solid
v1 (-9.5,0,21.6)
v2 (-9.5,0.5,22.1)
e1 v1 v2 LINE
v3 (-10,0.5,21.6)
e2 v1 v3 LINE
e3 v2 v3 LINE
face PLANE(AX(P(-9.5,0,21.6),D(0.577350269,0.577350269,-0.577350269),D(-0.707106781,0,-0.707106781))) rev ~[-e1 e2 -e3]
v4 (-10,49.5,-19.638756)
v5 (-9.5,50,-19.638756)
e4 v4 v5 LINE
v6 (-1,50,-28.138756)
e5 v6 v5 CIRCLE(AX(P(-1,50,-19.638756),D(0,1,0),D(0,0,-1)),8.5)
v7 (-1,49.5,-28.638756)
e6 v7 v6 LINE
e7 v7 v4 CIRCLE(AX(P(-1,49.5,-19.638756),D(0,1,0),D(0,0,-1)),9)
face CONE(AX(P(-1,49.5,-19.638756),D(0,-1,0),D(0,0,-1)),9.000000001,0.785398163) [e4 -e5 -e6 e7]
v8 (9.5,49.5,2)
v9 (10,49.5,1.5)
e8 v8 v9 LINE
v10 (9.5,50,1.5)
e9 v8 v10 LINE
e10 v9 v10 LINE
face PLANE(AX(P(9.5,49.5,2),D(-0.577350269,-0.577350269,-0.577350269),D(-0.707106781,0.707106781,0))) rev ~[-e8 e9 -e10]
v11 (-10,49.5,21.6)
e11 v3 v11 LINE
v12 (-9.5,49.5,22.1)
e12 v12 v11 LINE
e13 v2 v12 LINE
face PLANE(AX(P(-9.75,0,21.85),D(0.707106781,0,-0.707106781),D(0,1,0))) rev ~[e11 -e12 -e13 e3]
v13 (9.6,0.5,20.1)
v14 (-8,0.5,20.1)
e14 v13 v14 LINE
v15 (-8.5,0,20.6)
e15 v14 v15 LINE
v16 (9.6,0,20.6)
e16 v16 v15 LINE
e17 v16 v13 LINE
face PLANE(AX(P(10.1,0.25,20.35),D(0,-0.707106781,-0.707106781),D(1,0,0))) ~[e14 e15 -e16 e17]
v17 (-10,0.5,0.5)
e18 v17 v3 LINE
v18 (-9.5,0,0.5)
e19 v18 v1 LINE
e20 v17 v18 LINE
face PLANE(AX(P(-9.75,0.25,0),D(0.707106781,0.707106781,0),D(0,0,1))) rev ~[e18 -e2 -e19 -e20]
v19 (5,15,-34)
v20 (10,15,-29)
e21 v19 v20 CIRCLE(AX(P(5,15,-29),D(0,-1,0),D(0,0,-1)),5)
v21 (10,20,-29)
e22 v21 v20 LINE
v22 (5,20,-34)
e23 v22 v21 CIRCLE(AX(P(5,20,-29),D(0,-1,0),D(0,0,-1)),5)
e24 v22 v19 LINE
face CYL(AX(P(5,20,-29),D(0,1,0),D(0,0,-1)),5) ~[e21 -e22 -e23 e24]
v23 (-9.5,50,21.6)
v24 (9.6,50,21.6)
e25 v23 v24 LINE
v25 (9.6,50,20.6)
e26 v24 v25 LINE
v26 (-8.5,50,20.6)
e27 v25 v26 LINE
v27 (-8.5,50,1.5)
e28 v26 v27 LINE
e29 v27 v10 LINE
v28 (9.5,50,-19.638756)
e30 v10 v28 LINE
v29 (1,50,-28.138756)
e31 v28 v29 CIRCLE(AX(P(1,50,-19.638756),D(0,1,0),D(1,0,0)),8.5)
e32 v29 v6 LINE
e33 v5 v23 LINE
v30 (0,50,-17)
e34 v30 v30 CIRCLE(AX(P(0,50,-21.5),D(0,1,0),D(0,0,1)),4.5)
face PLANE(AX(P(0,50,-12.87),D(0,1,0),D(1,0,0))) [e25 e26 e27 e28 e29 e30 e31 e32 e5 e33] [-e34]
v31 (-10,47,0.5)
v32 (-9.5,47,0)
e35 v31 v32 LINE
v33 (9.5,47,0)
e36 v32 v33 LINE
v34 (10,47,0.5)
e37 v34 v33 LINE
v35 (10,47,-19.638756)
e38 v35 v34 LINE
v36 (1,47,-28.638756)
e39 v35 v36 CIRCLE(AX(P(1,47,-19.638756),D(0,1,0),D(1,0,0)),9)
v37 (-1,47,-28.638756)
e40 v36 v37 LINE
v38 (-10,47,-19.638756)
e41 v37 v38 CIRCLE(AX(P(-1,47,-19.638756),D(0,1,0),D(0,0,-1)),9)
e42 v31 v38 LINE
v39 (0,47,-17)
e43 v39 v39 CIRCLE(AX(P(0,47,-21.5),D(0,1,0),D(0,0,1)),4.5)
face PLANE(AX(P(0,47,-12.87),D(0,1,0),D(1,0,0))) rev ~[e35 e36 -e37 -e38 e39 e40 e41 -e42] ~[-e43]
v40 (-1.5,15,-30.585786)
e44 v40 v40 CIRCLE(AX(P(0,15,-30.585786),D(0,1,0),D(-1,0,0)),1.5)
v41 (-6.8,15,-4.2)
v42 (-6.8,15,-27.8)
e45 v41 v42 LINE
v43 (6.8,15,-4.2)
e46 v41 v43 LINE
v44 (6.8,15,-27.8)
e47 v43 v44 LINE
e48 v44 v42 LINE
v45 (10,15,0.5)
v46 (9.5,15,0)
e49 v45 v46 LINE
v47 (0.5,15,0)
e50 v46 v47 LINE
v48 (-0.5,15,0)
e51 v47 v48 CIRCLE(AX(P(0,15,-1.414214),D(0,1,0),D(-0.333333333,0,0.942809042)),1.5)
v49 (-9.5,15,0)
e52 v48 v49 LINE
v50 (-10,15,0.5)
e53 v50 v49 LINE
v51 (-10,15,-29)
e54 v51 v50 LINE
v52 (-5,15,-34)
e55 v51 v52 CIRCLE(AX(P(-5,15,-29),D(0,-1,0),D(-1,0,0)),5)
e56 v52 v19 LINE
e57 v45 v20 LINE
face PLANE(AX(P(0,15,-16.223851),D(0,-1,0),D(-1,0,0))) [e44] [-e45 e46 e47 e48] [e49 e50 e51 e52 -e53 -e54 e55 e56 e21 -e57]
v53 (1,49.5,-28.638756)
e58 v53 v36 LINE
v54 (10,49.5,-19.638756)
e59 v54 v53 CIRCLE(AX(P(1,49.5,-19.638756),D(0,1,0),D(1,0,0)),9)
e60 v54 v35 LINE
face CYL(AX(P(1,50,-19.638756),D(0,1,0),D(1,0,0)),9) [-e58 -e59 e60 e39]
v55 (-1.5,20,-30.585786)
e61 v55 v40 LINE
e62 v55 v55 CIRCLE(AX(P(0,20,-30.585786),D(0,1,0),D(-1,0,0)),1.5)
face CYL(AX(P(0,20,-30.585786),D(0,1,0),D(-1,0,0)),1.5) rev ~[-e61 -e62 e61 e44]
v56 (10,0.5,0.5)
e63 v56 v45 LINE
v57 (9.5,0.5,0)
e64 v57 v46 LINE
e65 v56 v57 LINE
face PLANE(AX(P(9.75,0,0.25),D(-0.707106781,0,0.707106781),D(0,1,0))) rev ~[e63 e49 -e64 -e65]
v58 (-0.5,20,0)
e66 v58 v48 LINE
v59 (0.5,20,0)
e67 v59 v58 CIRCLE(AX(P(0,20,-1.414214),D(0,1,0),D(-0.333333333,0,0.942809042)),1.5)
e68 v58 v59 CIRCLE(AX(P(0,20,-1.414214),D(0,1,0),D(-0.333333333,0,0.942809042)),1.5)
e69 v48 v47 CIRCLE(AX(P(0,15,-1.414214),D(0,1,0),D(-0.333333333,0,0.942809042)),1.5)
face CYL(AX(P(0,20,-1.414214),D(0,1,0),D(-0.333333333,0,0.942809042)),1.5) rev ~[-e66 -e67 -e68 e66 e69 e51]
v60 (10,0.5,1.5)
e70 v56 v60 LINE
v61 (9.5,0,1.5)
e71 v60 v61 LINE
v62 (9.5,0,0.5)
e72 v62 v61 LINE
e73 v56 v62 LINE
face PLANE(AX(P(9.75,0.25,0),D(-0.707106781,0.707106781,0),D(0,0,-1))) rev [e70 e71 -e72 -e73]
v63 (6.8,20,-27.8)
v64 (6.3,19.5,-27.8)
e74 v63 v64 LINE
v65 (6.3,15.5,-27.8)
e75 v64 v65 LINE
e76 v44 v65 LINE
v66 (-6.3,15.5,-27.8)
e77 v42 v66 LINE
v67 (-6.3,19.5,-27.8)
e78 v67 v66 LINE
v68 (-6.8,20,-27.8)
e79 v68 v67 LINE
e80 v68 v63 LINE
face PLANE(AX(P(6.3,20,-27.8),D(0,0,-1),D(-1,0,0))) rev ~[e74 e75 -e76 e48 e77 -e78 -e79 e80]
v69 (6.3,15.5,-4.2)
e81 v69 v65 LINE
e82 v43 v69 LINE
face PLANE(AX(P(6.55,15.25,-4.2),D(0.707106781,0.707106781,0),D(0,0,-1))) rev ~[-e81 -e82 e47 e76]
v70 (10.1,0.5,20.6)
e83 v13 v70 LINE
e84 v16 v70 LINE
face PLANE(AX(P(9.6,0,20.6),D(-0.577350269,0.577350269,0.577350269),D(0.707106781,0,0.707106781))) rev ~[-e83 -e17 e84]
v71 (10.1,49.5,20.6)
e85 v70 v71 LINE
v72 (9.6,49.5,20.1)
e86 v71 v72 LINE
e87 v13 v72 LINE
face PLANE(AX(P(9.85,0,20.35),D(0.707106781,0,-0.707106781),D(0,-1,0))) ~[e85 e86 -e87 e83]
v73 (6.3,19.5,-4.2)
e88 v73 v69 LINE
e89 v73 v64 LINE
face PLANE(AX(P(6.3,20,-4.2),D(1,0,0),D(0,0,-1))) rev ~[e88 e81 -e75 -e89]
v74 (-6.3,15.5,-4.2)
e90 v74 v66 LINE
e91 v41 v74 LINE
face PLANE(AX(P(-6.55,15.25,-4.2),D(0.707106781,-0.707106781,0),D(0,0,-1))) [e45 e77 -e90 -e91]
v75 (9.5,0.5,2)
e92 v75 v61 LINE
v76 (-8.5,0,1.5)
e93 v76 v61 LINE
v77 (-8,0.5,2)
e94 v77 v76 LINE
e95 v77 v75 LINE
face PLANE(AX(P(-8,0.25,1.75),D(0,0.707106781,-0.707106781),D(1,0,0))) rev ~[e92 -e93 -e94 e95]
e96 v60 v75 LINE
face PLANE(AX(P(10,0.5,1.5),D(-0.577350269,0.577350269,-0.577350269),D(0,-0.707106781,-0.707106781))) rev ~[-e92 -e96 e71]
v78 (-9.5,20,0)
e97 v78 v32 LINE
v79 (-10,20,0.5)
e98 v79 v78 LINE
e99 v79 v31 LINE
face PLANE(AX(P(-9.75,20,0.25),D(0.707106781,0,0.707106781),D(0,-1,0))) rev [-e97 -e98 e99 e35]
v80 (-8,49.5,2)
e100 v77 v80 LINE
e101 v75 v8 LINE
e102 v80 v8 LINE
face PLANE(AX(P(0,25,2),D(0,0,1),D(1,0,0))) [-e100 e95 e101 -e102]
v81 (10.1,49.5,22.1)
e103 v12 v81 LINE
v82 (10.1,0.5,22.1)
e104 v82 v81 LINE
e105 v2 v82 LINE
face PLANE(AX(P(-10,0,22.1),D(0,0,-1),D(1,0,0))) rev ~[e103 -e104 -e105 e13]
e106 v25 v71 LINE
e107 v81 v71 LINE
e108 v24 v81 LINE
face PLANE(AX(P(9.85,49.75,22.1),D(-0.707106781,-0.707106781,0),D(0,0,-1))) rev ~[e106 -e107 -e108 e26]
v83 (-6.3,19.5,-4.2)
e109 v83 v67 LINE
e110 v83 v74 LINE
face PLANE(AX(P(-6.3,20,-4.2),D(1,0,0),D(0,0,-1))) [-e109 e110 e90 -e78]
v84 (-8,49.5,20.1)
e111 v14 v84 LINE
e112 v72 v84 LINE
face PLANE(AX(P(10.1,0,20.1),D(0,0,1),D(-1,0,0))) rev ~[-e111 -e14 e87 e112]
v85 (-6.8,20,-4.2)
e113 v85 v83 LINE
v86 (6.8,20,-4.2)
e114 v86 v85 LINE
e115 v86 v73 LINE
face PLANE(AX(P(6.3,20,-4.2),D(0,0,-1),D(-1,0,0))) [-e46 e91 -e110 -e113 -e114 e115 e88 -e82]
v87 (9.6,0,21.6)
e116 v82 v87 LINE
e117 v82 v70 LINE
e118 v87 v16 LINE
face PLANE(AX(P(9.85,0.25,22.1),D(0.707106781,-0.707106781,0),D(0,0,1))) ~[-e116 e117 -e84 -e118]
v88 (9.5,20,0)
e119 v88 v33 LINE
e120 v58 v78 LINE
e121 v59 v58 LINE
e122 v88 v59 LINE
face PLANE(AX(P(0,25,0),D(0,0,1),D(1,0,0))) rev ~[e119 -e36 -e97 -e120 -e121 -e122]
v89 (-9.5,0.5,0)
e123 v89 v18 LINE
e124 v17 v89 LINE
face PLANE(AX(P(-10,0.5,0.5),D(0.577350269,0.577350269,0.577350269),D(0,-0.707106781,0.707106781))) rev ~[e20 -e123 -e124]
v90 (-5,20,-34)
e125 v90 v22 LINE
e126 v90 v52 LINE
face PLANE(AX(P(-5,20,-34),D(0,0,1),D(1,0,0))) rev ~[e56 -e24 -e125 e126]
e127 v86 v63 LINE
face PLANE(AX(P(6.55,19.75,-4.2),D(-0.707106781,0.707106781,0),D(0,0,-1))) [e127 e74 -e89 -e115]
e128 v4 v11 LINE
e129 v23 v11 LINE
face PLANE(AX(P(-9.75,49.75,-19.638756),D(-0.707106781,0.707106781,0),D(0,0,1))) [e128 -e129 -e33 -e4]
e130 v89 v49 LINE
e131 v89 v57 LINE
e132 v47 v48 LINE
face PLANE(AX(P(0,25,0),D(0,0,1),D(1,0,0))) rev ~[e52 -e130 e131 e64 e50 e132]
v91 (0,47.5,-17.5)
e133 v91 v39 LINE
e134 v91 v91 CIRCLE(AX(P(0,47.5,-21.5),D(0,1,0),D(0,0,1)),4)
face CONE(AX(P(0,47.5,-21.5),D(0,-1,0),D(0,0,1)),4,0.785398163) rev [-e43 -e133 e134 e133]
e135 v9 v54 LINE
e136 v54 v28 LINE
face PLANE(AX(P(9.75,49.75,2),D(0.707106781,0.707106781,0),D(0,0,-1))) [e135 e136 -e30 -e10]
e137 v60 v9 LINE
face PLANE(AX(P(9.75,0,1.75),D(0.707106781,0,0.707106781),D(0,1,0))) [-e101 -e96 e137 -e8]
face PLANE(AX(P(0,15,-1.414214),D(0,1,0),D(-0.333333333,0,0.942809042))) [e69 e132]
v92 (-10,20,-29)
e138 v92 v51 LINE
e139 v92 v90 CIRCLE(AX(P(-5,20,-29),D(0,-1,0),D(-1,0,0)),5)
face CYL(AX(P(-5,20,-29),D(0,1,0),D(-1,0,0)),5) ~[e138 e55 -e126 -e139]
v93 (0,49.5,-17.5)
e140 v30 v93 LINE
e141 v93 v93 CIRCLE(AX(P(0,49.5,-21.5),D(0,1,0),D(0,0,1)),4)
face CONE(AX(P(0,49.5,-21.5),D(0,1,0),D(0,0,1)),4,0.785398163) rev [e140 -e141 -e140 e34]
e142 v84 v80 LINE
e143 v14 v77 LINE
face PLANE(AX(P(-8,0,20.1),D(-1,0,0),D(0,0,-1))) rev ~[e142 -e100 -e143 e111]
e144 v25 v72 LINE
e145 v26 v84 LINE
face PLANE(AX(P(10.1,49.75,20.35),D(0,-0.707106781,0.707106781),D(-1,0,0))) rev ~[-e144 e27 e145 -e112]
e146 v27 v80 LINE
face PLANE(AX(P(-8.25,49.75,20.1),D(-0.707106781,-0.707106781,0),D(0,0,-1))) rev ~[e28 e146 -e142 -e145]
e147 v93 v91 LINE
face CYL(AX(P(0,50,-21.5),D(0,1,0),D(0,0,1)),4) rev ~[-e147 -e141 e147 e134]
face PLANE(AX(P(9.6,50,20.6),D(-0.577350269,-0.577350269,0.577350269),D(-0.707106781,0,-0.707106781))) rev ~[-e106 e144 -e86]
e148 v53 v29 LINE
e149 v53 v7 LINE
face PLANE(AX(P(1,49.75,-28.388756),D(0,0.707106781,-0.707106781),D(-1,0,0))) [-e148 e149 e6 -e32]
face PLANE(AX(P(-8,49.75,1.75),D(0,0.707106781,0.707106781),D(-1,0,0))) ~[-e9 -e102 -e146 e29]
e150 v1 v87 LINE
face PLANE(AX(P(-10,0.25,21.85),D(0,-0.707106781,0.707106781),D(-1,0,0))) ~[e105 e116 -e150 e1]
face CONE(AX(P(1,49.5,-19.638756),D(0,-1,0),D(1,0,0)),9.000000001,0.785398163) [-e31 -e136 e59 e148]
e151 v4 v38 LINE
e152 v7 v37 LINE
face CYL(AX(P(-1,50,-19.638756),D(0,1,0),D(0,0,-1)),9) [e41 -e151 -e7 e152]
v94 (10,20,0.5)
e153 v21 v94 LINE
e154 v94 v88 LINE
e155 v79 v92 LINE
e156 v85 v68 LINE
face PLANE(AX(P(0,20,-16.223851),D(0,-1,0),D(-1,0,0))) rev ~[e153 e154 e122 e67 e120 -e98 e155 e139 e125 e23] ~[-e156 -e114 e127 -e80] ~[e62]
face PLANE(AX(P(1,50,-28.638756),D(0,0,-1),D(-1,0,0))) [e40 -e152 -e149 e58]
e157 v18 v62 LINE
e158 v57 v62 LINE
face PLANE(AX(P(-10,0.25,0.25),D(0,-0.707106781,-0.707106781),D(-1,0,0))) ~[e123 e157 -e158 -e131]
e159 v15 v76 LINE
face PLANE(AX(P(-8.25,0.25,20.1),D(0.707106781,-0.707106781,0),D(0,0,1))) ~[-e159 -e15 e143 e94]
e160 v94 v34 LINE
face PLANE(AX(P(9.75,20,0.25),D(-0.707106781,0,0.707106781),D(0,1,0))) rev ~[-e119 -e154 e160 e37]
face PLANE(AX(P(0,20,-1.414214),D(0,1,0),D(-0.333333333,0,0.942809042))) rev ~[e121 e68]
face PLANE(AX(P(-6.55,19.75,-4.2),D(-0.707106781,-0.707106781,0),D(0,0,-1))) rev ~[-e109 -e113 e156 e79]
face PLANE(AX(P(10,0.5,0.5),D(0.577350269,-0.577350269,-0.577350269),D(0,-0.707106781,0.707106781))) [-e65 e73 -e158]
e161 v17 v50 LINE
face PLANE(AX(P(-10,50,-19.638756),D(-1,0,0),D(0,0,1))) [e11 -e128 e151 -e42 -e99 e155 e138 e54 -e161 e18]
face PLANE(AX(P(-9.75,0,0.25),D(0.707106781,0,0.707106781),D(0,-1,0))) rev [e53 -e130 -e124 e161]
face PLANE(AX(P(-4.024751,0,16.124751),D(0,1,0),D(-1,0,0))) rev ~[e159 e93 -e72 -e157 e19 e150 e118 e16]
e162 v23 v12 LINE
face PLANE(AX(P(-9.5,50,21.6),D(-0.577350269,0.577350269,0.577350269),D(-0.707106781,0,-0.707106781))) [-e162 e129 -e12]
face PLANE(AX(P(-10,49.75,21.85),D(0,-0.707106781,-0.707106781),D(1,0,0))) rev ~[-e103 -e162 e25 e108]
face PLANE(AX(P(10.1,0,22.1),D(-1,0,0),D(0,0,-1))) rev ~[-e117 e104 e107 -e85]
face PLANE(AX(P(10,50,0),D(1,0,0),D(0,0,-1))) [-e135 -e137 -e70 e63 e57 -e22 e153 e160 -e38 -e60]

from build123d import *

# Parameters (mm, degrees)
SKETCH1_W           = 20
SKETCH1_H           = 50
BOSS_EXTRUDE1_DEPTH = 2
BOSS_EXTRUDE2_DEPTH = 50
SKETCH3_R           = 4
BOSS_EXTRUDE3_DEPTH = 3
SKETCH4_W           = 12.6
SKETCH4_H           = 23.6
BOSS_EXTRUDE4_DEPTH = 5
CHAMFER1_SIZE       = 0.5
CHAMFER2_SIZE       = 0.5
SKETCH5_R           = 1.5
CUT_EXTRUDE1_DEPTH  = 5


with BuildPart() as part:
    # Sketch1 → Boss-Extrude1 (new body)
    with BuildSketch(Plane.XY):
        with Locations((0, 25)):
            Rectangle(SKETCH1_W, SKETCH1_H)
    extrude(amount=BOSS_EXTRUDE1_DEPTH)

    # Sketch2 → Boss-Extrude2 (add)
    with BuildSketch(Plane.XZ):
        Polygon((-10, 2), (-10, 22.1), (10.1, 22.1), (10.1, 20.1), (-8, 20.1), (-8, 2), align=None)
    extrude(amount=-BOSS_EXTRUDE2_DEPTH)

    # Sketch3 → Boss-Extrude3 (add)
    with BuildSketch(Plane(origin=(0, 50, 0), x_dir=(1, 0, 0), z_dir=(0, 1, 0))):
        with BuildLine():
            Line((1, 28.638755942), (-1, 28.638755942))
            ThreePointArc((-1, 28.638755942), (-7.363961031, 26.002716972), (-10, 19.638755942))
            Line((-10, 19.638755942), (-10, 0))
            Line((-10, 0), (10, 0))
            Line((10, 0), (10, 19.638755942))
            ThreePointArc((10, 19.638755942), (7.363961031, 26.002716972), (1, 28.638755942))
        make_face()
        with Locations(Location((0, 21.5, 0), (0, 0, 270))):
            Circle(SKETCH3_R, mode=Mode.SUBTRACT)
    extrude(amount=-BOSS_EXTRUDE3_DEPTH)

    # Sketch4 → Boss-Extrude4 (add)
    with BuildSketch(Plane(origin=(0, 20, 0), x_dir=(-1, 0, 0), z_dir=(0, -1, 0))):
        with BuildLine():
            Line((-10, 0), (10, 0))
            Line((10, 0), (10, 29))
            ThreePointArc((10, 29), (8.535533906, 32.535533906), (5, 34))
            Line((5, 34), (-5, 34))
            ThreePointArc((-5, 34), (-8.535533906, 32.535533906), (-10, 29))
            Line((-10, 29), (-10, 0))
        make_face()
        with Locations((0, 16)):
            Rectangle(SKETCH4_W, SKETCH4_H, mode=Mode.SUBTRACT)
    extrude(amount=BOSS_EXTRUDE4_DEPTH)

    # Chamfer1
    chamfer1_edges = [part.edges().sort_by_distance(p)[0] for p in [
        (1, 0, 2),
        (-10, 25, 22.1),
        (10.1, 25, 20.1),
        (-8, 0, 11.05),
        (1.05, 0, 20.1),
        (10.1, 0, 21.1),
        (0.05, 0, 22.1),
        (0.05, 50, 22.1),
        (10.1, 50, 21.1),
        (1.05, 50, 20.1),
        (-8, 50, 11.05),
        (-10, 33.5, 0),
        (0, 50, -25.5),
        (0, 50, -28.638755942),
        (-7.363961031, 50, -26.002716972),
        (7.363961031, 50, -26.002716972),
        (10, 25, 2),
        (0, 0, 0),
        (-10, 7.5, 0),
        (10, 33.5, 0),
        (6.3, 20, -16),
        (-6.3, 20, -16),
        (6.3, 15, -16),
        (10, 7.5, 0),
        (-6.3, 15, -16),
        (1, 50, 2),
        (10, 0, 1),
        (-10, 0, 11.05),
        (-10, 50, 1.230622029),
        (10, 50, -8.819377971),
    ]]
    chamfer(chamfer1_edges, length=CHAMFER1_SIZE)

    # Chamfer2
    chamfer2_edges = [part.edges().sort_by_distance(p)[0] for p in [
        (0, 47, -25.5),
    ]]
    chamfer(chamfer2_edges, length=CHAMFER2_SIZE)

    # Sketch5 → Cut-Extrude1 (cut)
    with BuildSketch(Plane(origin=(0, 20, 0), x_dir=(1, 0, 0), z_dir=(0, 1, 0))):
        with Locations(Location((0, 30.585786438, 0), (0, 0, 180))):
            Circle(SKETCH5_R)
        with Locations(Location((0, 1.414213562, 0), (0, 0, 250.528779366))):
            Circle(SKETCH5_R)
    extrude(amount=-CUT_EXTRUDE1_DEPTH, mode=Mode.SUBTRACT)


solid = part.part
